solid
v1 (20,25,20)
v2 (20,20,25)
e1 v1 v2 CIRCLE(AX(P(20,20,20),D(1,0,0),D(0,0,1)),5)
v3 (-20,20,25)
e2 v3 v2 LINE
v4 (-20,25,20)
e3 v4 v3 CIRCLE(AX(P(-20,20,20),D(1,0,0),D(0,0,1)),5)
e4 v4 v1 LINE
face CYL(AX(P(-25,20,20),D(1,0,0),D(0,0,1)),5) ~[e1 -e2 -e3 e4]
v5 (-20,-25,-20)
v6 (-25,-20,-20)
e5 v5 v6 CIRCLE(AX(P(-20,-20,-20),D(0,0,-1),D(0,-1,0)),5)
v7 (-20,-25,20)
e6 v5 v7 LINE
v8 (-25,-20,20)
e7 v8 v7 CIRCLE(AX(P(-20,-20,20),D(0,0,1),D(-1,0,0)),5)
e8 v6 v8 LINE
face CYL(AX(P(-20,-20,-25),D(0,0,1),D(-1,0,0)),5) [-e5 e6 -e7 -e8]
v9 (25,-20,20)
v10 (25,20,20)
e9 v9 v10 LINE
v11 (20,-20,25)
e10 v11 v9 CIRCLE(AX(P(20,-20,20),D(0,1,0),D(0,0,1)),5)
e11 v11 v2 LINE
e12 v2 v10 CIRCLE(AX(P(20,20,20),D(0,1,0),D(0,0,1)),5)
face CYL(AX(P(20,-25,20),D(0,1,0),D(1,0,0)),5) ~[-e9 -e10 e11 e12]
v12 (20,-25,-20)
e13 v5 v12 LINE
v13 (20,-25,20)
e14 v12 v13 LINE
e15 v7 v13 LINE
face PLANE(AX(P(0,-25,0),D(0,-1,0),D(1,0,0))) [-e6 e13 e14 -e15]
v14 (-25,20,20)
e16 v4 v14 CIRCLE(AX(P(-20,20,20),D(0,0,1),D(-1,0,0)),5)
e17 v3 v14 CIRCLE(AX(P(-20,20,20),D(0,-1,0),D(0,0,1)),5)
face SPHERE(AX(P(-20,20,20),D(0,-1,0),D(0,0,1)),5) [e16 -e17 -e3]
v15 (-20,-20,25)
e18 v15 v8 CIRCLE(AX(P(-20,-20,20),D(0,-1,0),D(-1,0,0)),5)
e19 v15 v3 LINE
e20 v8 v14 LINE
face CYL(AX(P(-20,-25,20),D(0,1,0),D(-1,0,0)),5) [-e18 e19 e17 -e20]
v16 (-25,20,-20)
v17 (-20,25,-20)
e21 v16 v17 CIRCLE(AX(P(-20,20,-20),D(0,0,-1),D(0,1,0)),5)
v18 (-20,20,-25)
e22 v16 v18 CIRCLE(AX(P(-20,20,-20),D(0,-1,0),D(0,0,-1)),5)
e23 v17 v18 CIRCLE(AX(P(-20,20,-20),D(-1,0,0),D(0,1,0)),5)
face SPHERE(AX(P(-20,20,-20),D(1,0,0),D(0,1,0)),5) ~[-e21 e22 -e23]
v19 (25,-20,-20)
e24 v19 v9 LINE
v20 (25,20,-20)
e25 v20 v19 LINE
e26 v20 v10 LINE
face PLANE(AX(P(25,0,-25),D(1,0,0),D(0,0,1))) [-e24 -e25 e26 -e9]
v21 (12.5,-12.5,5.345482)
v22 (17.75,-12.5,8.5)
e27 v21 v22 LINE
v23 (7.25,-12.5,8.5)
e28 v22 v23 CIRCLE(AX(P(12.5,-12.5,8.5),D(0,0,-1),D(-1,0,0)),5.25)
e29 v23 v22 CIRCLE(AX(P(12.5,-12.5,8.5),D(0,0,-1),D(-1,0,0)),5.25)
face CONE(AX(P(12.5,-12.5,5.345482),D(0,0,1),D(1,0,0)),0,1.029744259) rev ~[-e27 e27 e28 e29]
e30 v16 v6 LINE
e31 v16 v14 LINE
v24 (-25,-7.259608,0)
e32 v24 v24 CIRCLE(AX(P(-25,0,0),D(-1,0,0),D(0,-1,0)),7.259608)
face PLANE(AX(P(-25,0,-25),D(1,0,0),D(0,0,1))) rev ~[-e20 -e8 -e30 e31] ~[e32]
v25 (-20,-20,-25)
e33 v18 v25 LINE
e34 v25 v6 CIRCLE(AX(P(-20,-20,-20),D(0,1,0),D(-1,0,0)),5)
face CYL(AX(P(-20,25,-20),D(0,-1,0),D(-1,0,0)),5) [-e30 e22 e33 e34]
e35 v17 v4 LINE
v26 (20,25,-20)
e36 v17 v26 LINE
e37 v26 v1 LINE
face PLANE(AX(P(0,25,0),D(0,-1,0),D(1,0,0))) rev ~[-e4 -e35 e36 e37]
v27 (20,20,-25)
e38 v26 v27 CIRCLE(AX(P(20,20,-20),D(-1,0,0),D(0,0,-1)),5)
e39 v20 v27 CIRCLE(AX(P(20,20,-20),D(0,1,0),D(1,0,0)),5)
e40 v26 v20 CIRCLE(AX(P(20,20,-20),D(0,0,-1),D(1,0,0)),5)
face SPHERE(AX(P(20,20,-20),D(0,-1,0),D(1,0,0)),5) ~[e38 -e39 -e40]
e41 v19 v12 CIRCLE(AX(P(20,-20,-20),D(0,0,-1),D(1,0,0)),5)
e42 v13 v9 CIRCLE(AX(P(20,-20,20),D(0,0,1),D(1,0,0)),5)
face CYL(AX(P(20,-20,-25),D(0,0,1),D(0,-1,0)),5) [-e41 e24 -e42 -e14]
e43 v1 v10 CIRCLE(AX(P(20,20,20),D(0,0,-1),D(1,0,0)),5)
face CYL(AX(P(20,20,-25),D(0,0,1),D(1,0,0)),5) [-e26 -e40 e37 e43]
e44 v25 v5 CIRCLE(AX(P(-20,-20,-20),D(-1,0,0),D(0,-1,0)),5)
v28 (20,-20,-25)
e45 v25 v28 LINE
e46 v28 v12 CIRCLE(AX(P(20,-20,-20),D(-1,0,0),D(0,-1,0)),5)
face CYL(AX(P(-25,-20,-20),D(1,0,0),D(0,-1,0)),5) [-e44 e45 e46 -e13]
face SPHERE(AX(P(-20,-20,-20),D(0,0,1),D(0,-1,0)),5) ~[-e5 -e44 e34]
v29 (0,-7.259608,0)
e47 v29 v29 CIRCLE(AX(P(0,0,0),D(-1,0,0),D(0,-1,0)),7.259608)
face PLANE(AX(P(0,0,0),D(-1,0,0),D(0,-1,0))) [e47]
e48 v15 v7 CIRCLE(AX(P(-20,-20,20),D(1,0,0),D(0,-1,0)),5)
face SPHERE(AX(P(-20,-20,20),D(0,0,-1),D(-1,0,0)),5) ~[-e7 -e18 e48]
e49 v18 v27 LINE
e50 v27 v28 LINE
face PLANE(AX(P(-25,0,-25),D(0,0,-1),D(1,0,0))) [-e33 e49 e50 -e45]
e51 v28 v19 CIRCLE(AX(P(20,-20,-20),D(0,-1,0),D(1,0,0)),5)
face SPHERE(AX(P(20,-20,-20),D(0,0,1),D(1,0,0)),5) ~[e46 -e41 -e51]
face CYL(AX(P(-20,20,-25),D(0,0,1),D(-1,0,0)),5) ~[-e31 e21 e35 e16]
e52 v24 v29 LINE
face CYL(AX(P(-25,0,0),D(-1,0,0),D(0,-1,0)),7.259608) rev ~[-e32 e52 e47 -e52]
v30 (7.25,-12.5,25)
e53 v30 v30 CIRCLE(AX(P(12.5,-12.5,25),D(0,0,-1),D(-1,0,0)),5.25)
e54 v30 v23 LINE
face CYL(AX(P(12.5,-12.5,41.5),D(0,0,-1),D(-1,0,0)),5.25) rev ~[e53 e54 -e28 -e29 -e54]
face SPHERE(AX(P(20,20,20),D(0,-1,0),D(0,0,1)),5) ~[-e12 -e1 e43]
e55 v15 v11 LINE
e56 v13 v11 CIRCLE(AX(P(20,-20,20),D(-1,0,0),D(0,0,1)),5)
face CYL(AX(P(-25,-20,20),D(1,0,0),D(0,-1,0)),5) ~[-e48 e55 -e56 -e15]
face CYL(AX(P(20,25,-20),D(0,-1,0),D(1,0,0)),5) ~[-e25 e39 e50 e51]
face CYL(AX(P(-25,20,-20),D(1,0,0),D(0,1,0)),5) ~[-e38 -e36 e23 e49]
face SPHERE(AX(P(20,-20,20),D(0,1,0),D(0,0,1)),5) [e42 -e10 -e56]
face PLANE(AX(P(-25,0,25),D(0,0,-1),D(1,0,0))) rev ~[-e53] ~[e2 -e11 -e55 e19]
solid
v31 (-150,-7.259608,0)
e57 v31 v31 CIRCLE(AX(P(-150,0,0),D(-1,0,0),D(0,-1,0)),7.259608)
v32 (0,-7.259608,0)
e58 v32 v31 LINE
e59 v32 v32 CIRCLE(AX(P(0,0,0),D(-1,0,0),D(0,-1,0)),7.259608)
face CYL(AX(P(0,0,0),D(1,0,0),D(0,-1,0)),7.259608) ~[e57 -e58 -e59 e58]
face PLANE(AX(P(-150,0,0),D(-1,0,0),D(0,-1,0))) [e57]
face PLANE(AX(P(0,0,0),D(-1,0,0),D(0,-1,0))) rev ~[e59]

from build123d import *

# Parameters (mm, degrees)
F0_W     = 50
F0_H     = 50
F1_DEPTH = 25
F2_R     = 5
F4_D     = 10.5
F4_DEPTH = 16.5
F4_TIP   = 3.1545182499
F5_R     = 7.2596077851
F6_DEPTH = 25
F7_DEPTH = 150


with BuildPart() as f1:
    # F0 (on Front) → F1 (new body, symmetric)
    with BuildSketch(Plane.XZ):
        Rectangle(F0_W, F0_H)
    extrude(amount=F1_DEPTH, both=True)

    # F2
    f2_edges = [f1.edges().sort_by_distance(p)[0] for p in [
        (-25, -25, 0),
        (-25, 0, 25),
        (25, 0, 25),
        (0, 25, 25),
        (0, -25, 25),
        (25, -25, 0),
        (25, 0, -25),
        (0, -25, -25),
        (25, 25, 0),
        (0, 25, -25),
        (-25, 25, 0),
        (-25, 0, -25),
    ]]
    fillet(f2_edges, radius=F2_R)

    # F4
    with Locations(Plane.XY.offset(25)):
        with Locations((12.5, -12.5)):
            Hole(F4_D / 2, depth=F4_DEPTH)
            with Locations((0, 0, -(F4_DEPTH + F4_TIP / 2))):  # 118° drill point
                Cone(0, F4_D / 2, F4_TIP, mode=Mode.SUBTRACT)

    # F5 (on face) → F6 (cut)
    with BuildSketch(Plane(origin=(-25, 0, 0), x_dir=(0, -1, 0), z_dir=(-1, 0, 0))):
        Circle(F5_R)
    extrude(amount=-F6_DEPTH, mode=Mode.SUBTRACT)


with BuildPart() as f7:
    # F7 (new): a face of the model
    f7_faces = [f1.part.faces().sort_by_distance(p)[0] for p in [
        (0, 0, 0),
    ]]
    extrude(f7_faces, amount=F7_DEPTH)


solid = Compound([f1.part, f7.part])
